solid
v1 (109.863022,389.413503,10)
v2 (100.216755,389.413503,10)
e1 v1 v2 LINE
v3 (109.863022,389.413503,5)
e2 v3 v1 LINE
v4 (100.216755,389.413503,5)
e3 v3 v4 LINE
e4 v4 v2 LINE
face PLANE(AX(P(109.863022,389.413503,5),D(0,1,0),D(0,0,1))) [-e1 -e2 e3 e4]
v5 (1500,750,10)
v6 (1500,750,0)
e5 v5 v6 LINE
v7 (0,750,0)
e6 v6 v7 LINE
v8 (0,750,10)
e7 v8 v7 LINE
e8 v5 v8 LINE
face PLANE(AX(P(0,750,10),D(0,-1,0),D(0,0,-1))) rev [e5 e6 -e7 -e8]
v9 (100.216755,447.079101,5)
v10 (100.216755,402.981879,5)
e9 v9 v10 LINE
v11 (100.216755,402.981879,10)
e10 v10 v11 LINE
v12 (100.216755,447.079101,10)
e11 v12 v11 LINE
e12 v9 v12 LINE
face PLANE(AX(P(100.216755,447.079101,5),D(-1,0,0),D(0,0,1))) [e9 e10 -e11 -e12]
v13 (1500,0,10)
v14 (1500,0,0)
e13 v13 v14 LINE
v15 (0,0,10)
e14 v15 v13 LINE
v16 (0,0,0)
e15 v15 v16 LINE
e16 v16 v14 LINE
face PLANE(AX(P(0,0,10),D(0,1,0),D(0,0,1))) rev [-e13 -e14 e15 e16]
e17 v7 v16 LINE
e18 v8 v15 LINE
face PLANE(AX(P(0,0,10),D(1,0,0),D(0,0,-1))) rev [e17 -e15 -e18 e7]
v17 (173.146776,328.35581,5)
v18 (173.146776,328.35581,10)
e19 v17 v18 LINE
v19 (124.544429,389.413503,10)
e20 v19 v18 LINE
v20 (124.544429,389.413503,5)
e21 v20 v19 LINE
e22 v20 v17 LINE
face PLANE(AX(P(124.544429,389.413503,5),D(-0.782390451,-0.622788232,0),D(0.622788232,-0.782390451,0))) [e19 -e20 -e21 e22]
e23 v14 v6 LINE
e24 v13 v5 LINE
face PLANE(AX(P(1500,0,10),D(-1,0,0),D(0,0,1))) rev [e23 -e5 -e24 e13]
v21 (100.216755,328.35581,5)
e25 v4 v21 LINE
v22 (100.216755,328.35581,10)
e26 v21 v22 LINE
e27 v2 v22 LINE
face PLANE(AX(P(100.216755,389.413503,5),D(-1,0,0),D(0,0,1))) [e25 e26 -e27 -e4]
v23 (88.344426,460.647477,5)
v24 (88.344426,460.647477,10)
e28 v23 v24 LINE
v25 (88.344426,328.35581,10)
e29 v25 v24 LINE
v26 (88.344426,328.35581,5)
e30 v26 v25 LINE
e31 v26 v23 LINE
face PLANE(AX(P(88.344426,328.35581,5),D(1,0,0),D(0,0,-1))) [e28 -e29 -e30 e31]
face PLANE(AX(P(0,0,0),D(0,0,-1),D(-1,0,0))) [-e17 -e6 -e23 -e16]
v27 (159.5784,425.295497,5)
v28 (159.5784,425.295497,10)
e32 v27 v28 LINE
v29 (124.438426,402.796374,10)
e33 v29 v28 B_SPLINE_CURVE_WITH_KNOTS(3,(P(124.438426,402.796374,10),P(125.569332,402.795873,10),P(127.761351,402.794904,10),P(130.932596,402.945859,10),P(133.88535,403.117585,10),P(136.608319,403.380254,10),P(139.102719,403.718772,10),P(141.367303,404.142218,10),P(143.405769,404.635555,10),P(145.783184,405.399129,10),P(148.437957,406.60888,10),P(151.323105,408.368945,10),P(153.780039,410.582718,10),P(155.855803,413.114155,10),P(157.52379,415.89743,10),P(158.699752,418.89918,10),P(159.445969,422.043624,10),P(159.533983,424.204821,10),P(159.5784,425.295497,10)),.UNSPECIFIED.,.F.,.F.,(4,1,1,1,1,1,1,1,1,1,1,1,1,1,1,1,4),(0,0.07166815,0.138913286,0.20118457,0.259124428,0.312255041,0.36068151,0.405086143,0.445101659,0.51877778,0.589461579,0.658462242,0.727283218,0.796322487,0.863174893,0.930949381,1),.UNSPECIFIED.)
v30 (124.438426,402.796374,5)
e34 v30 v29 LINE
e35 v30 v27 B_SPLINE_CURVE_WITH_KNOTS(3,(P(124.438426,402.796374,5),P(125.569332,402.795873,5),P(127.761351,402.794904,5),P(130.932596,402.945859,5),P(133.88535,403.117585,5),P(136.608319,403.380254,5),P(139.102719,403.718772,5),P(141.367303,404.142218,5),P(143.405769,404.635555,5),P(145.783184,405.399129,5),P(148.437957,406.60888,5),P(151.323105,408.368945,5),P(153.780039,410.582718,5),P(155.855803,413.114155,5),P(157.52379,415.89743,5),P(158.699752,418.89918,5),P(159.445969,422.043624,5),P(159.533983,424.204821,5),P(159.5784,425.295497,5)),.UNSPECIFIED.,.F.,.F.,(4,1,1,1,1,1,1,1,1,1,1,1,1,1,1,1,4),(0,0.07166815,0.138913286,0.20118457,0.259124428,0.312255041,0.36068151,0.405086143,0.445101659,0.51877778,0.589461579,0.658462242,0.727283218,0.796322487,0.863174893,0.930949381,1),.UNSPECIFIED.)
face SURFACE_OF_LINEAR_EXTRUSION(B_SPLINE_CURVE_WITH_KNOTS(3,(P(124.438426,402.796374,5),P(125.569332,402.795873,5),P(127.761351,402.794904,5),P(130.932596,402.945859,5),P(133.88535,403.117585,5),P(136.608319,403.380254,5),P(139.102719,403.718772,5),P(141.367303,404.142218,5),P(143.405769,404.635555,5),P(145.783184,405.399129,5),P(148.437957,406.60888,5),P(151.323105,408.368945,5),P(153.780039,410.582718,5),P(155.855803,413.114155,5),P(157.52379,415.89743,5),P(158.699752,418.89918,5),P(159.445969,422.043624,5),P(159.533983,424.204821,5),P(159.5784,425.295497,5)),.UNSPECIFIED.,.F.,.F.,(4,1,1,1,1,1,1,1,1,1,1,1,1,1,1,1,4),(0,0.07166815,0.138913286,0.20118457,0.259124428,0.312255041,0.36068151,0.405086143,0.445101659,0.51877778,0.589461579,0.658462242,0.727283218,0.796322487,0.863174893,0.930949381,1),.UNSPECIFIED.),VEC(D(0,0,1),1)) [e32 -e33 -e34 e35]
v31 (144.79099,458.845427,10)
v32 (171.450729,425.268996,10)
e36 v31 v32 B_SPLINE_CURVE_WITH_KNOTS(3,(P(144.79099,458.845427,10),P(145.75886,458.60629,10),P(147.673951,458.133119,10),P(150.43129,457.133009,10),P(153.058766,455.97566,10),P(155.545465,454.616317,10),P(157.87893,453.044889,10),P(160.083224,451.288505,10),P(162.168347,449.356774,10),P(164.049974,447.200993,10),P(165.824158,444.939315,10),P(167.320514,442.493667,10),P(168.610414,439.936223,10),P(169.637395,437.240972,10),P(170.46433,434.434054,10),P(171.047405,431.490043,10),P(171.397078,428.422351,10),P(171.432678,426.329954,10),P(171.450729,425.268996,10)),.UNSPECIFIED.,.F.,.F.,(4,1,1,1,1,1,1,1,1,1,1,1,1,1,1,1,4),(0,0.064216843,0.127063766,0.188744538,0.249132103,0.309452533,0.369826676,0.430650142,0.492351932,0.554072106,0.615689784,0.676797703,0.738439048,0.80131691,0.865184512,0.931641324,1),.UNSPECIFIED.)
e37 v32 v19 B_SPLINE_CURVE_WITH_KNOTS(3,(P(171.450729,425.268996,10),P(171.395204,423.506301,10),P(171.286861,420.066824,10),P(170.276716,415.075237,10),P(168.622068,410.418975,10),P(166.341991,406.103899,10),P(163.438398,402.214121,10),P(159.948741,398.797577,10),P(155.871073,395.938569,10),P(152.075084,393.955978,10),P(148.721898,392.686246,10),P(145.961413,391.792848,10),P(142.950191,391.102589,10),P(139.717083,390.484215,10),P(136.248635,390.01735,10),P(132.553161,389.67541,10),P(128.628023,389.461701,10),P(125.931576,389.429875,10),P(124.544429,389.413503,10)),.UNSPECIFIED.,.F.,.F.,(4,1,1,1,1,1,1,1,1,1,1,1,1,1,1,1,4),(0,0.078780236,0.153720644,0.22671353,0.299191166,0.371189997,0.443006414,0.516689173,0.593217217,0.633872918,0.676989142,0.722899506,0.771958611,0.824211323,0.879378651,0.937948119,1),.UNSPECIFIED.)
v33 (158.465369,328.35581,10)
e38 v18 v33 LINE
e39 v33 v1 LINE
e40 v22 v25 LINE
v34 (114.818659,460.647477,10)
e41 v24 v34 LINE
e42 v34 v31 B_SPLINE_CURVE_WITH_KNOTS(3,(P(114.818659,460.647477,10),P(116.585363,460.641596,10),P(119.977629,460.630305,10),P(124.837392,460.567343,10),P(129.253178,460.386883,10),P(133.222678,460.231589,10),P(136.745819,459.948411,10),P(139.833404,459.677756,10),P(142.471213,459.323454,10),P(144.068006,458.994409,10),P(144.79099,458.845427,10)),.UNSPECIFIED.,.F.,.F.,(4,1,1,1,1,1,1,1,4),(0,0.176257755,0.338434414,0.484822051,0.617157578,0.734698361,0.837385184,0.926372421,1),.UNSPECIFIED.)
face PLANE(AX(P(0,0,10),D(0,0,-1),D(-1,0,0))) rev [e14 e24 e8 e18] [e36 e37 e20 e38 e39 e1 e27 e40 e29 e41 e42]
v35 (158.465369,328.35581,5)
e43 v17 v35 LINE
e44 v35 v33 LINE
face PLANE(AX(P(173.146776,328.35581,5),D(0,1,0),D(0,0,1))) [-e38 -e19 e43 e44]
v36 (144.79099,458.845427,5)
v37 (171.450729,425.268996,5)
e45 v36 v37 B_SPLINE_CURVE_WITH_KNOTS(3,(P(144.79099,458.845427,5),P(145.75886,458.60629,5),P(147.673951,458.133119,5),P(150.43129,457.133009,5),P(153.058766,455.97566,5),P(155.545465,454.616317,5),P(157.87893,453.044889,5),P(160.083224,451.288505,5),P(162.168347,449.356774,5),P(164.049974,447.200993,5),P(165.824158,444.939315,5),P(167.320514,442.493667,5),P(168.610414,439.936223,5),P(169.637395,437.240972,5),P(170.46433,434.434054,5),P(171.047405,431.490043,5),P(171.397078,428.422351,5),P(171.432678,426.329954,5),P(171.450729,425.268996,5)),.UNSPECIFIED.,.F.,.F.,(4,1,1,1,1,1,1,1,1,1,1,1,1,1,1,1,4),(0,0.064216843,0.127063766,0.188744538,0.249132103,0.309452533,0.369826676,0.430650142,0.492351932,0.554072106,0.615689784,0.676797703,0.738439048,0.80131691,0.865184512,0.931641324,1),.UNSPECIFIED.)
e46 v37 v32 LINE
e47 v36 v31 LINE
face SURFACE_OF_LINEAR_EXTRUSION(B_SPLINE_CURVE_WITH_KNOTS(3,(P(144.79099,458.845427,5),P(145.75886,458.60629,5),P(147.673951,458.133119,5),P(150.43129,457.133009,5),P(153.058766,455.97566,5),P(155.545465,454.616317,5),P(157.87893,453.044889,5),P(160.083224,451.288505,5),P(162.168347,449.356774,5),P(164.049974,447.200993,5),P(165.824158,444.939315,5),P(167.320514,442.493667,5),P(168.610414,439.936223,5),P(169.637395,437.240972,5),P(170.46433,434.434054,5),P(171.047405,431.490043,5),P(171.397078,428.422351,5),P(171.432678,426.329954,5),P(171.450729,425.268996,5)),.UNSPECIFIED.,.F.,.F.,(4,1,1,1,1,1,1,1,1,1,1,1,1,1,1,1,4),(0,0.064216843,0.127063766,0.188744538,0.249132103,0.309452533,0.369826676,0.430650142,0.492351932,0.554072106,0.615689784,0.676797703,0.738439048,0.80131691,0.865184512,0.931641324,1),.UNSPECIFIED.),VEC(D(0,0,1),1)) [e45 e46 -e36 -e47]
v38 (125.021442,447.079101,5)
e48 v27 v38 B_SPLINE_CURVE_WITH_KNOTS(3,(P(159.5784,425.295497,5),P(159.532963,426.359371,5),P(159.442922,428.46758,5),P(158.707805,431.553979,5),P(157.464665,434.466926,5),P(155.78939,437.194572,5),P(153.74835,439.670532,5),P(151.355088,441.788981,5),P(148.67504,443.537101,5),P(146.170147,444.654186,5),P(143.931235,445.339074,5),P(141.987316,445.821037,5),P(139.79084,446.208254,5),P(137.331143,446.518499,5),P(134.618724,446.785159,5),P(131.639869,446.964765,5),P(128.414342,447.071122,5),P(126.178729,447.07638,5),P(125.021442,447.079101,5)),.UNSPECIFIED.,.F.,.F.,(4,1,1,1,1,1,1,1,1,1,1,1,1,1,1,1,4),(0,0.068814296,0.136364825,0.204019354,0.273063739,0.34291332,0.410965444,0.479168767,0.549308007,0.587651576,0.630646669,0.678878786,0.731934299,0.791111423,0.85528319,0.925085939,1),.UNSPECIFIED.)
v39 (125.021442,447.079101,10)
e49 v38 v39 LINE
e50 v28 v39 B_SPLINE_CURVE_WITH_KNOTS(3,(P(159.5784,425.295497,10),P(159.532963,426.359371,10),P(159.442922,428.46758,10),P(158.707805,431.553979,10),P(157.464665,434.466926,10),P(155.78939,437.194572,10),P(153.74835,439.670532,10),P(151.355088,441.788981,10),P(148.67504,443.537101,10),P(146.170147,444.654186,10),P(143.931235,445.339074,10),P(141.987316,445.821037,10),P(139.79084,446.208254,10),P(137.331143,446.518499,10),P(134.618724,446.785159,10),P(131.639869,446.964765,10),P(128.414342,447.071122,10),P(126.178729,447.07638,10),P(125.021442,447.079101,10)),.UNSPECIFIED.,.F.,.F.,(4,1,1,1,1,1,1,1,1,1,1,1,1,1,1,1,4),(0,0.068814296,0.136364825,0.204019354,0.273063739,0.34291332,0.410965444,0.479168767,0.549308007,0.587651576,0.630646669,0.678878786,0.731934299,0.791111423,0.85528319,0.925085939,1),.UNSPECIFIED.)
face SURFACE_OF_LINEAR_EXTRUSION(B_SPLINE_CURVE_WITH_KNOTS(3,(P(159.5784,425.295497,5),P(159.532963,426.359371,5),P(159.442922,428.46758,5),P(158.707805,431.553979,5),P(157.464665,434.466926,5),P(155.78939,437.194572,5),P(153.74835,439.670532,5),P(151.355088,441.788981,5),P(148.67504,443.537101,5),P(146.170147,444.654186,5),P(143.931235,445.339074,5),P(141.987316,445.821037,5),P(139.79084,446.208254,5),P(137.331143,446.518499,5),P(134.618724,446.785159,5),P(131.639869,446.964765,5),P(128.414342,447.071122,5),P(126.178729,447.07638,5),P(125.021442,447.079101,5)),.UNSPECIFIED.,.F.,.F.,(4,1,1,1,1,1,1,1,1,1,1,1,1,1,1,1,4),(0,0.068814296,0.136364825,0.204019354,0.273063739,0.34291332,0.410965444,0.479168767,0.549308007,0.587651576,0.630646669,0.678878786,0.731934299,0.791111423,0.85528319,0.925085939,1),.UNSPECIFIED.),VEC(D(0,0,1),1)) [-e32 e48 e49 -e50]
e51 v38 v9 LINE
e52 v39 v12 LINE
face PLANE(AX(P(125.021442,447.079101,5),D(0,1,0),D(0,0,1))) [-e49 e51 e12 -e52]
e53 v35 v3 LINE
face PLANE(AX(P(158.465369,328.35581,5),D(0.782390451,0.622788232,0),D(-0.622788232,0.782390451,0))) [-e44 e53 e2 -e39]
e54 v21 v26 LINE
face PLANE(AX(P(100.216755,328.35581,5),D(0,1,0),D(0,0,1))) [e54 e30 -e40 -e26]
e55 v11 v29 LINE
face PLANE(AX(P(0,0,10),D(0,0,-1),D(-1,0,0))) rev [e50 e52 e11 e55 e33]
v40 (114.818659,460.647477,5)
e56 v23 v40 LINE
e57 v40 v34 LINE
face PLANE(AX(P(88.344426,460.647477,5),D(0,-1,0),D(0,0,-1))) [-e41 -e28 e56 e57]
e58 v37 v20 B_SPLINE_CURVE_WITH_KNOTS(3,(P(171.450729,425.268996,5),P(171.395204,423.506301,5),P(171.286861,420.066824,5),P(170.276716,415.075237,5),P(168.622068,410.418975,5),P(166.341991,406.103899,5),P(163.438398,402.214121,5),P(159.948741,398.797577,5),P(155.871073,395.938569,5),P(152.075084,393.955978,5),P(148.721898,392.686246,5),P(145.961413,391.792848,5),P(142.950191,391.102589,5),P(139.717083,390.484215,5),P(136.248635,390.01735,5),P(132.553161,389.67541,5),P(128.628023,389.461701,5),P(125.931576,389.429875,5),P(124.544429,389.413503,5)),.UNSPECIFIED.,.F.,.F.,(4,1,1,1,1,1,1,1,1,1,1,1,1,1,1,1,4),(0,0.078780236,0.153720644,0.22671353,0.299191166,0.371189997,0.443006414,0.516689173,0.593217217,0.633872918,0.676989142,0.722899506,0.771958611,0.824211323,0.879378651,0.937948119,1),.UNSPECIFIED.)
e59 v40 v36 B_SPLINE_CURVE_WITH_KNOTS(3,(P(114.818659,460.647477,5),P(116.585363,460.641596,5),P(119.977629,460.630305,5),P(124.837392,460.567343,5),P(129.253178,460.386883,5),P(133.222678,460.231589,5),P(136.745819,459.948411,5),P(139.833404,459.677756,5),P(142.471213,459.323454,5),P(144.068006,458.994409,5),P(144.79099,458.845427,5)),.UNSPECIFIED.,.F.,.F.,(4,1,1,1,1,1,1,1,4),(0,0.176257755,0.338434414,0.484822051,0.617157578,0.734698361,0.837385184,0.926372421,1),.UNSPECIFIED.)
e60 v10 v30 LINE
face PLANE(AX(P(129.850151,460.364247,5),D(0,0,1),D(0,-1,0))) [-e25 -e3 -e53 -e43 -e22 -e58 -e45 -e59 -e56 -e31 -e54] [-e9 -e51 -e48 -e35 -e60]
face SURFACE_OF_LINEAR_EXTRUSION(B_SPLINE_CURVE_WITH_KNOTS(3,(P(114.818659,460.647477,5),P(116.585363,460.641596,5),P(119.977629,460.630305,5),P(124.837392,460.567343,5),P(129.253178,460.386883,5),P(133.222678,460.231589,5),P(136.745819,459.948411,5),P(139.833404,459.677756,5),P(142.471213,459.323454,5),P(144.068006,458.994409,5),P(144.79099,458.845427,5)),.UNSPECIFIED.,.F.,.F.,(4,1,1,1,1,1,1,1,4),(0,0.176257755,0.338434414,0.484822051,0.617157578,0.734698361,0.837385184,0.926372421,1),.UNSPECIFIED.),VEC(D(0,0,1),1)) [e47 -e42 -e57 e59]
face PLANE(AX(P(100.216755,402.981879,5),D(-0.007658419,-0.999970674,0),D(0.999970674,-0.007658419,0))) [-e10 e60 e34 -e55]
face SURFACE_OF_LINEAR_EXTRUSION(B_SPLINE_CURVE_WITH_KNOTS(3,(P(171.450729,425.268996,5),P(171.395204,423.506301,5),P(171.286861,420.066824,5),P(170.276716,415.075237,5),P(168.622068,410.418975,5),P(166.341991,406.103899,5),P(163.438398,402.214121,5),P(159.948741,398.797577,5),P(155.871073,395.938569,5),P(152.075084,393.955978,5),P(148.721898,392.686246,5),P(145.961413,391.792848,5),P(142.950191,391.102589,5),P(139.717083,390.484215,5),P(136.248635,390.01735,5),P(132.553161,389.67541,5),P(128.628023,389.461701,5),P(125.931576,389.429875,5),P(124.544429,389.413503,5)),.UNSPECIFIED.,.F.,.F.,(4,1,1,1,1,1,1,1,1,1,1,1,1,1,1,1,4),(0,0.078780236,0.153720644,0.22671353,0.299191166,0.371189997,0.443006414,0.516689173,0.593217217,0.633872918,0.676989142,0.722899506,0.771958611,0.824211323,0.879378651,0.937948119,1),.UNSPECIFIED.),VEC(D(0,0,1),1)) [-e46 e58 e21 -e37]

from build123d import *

# Parameters (mm, degrees)
SKETCH1_W           = 1500
SKETCH1_H           = 750
BOSS_EXTRUDE1_DEPTH = 10
CUT_EXTRUDE1_DEPTH  = 5


with BuildPart() as part:
    # Sketch1 → Boss-Extrude1 (new body)
    with BuildSketch(Plane.XY):
        with Locations((750, 375)):
            Rectangle(SKETCH1_W, SKETCH1_H)
    extrude(amount=BOSS_EXTRUDE1_DEPTH)

    # Sketch2 → Cut-Extrude1 (cut)
    with BuildSketch(Plane.XY.offset(10)):
        with BuildLine():
            Line((88.344425578, 460.647477035), (114.818659352, 460.647477035))
            add(Edge.make_bspline(
                [(114.818659352, 460.647477035), (116.585362721, 460.641596255), (119.977628894, 460.630304506), (124.837392387, 460.567342634), (129.253178494, 460.386883356), (133.222678373, 460.231588683), (136.745819201, 459.948411139), (139.833404297, 459.677755727), (142.471213102, 459.323453668), (144.068005696, 458.994409407), (144.790990081, 458.845427088)],
                knots=[0, 0, 0, 0, 1.410062039, 2.707475311, 3.878576406, 4.937260626, 5.877586885, 6.699081471, 7.410979367, 8, 8, 8, 8], degree=3))
            add(Edge.make_bspline(
                [(144.790990081, 458.845427088), (145.758859505, 458.606290421), (147.673951072, 458.133118521), (150.431289877, 457.133008609), (153.058765813, 455.975659702), (155.545464529, 454.616316702), (157.878930446, 453.044889018), (160.083223741, 451.288504629), (162.168346911, 449.356773934), (164.049974004, 447.200992723), (165.824158398, 444.939315125), (167.320514221, 442.493667173), (168.610413901, 439.936222531), (169.637394752, 437.240971919), (170.464330059, 434.434053757), (171.047405178, 431.49004269), (171.397078044, 428.422351072), (171.432677942, 426.329953925), (171.450728997, 425.268996466)],
                knots=[0, 0, 0, 0, 1.027469482, 2.033020251, 3.019912614, 3.986113645, 4.951240523, 5.91722682, 6.890402269, 7.87763091, 8.8651537, 9.85103654, 10.82876324, 11.815024772, 12.821070561, 13.842952187, 14.906261191, 16, 16, 16, 16], degree=3))
            add(Edge.make_bspline(
                [(171.450728997, 425.268996466), (171.395204366, 423.506300548), (171.28686143, 420.066824261), (170.276716142, 415.075237375), (168.622067926, 410.418974589), (166.341991228, 406.103898692), (163.43839795, 402.214121323), (159.948740667, 398.797577328), (155.871072614, 395.938568727), (152.075083589, 393.955977597), (148.721898064, 392.686245634), (145.96141273, 391.792847546), (142.950190664, 391.102588739), (139.717083076, 390.484214711), (136.248635383, 390.017350071), (132.55316068, 389.67541034), (128.628023401, 389.461700761), (125.931576435, 389.429874981), (124.544428917, 389.413502676)],
                knots=[0, 0, 0, 0, 1.260483769, 2.459530307, 3.627416485, 4.787058657, 5.939039949, 7.08810263, 8.267026773, 9.491475466, 10.141966685, 10.831826277, 11.566392101, 12.351337768, 13.187381173, 14.07005841, 15.007169909, 16, 16, 16, 16], degree=3))
            Line((124.544428917, 389.413502676), (173.146776005, 328.355810368))
            Line((173.146776005, 328.355810368), (158.465369088, 328.355810368))
            Line((158.465369088, 328.355810368), (109.863021999, 389.413502676))
            Line((109.863021999, 389.413502676), (100.216754638, 389.413502676))
            Line((100.216754638, 389.413502676), (100.216754638, 328.355810368))
            Line((100.216754638, 328.355810368), (88.344425578, 328.355810368))
            Line((88.344425578, 328.355810368), (88.344425578, 460.647477035))
        make_face()
        with BuildLine():
            Line((100.216754638, 447.079100967), (100.216754638, 402.981878744))
            Line((100.216754638, 402.981878744), (124.438425979, 402.796373603))
            add(Edge.make_bspline(
                [(124.438425979, 402.796373603), (125.569332212, 402.795873289), (127.761350591, 402.794903538), (130.932595957, 402.945858771), (133.885350179, 403.117585383), (136.608319085, 403.380254098), (139.102719105, 403.718772285), (141.367303474, 404.142218416), (143.405768828, 404.635555308), (145.783183822, 405.399128664), (148.437957478, 406.60887995), (151.323104919, 408.36894493), (153.780038519, 410.582718184), (155.855802957, 413.114155362), (157.523790397, 415.897430244), (158.699751974, 418.899179913), (159.445969287, 422.043624243), (159.533982761, 424.204820581), (159.578399937, 425.295497201)],
                knots=[0, 0, 0, 0, 1.146690395, 2.22261258, 3.21895312, 4.145990853, 4.996080663, 5.770904154, 6.481378293, 7.121626537, 8.300444488, 9.431385265, 10.535395872, 11.636531494, 12.74115979, 13.810798291, 14.895190096, 16, 16, 16, 16], degree=3))
            add(Edge.make_bspline(
                [(159.578399937, 425.295497201), (159.532962622, 426.359370672), (159.442922444, 428.467579693), (158.7078053, 431.553978683), (157.464664993, 434.466925906), (155.789389928, 437.194571618), (153.74835044, 439.670532467), (151.355087877, 441.788981407), (148.675040322, 443.537101054), (146.170146813, 444.65418627), (143.931234615, 445.33907358), (141.987315917, 445.821037213), (139.790840419, 446.208253746), (137.331143025, 446.518498905), (134.618724243, 446.785159), (131.639869276, 446.964764919), (128.414342165, 447.071122283), (126.178728992, 447.076379511), (125.021442138, 447.079100967)],
                knots=[0, 0, 0, 0, 1.101028733, 2.181837193, 3.264309656, 4.369019818, 5.486613113, 6.575447106, 7.666700264, 8.788928104, 9.402425223, 10.0903467, 10.862060571, 11.710948788, 12.657782767, 13.684531032, 14.801375019, 16, 16, 16, 16], degree=3))
            Line((125.021442138, 447.079100967), (100.216754638, 447.079100967))
        make_face(mode=Mode.SUBTRACT)
    extrude(amount=-CUT_EXTRUDE1_DEPTH, mode=Mode.SUBTRACT)


solid = part.part
